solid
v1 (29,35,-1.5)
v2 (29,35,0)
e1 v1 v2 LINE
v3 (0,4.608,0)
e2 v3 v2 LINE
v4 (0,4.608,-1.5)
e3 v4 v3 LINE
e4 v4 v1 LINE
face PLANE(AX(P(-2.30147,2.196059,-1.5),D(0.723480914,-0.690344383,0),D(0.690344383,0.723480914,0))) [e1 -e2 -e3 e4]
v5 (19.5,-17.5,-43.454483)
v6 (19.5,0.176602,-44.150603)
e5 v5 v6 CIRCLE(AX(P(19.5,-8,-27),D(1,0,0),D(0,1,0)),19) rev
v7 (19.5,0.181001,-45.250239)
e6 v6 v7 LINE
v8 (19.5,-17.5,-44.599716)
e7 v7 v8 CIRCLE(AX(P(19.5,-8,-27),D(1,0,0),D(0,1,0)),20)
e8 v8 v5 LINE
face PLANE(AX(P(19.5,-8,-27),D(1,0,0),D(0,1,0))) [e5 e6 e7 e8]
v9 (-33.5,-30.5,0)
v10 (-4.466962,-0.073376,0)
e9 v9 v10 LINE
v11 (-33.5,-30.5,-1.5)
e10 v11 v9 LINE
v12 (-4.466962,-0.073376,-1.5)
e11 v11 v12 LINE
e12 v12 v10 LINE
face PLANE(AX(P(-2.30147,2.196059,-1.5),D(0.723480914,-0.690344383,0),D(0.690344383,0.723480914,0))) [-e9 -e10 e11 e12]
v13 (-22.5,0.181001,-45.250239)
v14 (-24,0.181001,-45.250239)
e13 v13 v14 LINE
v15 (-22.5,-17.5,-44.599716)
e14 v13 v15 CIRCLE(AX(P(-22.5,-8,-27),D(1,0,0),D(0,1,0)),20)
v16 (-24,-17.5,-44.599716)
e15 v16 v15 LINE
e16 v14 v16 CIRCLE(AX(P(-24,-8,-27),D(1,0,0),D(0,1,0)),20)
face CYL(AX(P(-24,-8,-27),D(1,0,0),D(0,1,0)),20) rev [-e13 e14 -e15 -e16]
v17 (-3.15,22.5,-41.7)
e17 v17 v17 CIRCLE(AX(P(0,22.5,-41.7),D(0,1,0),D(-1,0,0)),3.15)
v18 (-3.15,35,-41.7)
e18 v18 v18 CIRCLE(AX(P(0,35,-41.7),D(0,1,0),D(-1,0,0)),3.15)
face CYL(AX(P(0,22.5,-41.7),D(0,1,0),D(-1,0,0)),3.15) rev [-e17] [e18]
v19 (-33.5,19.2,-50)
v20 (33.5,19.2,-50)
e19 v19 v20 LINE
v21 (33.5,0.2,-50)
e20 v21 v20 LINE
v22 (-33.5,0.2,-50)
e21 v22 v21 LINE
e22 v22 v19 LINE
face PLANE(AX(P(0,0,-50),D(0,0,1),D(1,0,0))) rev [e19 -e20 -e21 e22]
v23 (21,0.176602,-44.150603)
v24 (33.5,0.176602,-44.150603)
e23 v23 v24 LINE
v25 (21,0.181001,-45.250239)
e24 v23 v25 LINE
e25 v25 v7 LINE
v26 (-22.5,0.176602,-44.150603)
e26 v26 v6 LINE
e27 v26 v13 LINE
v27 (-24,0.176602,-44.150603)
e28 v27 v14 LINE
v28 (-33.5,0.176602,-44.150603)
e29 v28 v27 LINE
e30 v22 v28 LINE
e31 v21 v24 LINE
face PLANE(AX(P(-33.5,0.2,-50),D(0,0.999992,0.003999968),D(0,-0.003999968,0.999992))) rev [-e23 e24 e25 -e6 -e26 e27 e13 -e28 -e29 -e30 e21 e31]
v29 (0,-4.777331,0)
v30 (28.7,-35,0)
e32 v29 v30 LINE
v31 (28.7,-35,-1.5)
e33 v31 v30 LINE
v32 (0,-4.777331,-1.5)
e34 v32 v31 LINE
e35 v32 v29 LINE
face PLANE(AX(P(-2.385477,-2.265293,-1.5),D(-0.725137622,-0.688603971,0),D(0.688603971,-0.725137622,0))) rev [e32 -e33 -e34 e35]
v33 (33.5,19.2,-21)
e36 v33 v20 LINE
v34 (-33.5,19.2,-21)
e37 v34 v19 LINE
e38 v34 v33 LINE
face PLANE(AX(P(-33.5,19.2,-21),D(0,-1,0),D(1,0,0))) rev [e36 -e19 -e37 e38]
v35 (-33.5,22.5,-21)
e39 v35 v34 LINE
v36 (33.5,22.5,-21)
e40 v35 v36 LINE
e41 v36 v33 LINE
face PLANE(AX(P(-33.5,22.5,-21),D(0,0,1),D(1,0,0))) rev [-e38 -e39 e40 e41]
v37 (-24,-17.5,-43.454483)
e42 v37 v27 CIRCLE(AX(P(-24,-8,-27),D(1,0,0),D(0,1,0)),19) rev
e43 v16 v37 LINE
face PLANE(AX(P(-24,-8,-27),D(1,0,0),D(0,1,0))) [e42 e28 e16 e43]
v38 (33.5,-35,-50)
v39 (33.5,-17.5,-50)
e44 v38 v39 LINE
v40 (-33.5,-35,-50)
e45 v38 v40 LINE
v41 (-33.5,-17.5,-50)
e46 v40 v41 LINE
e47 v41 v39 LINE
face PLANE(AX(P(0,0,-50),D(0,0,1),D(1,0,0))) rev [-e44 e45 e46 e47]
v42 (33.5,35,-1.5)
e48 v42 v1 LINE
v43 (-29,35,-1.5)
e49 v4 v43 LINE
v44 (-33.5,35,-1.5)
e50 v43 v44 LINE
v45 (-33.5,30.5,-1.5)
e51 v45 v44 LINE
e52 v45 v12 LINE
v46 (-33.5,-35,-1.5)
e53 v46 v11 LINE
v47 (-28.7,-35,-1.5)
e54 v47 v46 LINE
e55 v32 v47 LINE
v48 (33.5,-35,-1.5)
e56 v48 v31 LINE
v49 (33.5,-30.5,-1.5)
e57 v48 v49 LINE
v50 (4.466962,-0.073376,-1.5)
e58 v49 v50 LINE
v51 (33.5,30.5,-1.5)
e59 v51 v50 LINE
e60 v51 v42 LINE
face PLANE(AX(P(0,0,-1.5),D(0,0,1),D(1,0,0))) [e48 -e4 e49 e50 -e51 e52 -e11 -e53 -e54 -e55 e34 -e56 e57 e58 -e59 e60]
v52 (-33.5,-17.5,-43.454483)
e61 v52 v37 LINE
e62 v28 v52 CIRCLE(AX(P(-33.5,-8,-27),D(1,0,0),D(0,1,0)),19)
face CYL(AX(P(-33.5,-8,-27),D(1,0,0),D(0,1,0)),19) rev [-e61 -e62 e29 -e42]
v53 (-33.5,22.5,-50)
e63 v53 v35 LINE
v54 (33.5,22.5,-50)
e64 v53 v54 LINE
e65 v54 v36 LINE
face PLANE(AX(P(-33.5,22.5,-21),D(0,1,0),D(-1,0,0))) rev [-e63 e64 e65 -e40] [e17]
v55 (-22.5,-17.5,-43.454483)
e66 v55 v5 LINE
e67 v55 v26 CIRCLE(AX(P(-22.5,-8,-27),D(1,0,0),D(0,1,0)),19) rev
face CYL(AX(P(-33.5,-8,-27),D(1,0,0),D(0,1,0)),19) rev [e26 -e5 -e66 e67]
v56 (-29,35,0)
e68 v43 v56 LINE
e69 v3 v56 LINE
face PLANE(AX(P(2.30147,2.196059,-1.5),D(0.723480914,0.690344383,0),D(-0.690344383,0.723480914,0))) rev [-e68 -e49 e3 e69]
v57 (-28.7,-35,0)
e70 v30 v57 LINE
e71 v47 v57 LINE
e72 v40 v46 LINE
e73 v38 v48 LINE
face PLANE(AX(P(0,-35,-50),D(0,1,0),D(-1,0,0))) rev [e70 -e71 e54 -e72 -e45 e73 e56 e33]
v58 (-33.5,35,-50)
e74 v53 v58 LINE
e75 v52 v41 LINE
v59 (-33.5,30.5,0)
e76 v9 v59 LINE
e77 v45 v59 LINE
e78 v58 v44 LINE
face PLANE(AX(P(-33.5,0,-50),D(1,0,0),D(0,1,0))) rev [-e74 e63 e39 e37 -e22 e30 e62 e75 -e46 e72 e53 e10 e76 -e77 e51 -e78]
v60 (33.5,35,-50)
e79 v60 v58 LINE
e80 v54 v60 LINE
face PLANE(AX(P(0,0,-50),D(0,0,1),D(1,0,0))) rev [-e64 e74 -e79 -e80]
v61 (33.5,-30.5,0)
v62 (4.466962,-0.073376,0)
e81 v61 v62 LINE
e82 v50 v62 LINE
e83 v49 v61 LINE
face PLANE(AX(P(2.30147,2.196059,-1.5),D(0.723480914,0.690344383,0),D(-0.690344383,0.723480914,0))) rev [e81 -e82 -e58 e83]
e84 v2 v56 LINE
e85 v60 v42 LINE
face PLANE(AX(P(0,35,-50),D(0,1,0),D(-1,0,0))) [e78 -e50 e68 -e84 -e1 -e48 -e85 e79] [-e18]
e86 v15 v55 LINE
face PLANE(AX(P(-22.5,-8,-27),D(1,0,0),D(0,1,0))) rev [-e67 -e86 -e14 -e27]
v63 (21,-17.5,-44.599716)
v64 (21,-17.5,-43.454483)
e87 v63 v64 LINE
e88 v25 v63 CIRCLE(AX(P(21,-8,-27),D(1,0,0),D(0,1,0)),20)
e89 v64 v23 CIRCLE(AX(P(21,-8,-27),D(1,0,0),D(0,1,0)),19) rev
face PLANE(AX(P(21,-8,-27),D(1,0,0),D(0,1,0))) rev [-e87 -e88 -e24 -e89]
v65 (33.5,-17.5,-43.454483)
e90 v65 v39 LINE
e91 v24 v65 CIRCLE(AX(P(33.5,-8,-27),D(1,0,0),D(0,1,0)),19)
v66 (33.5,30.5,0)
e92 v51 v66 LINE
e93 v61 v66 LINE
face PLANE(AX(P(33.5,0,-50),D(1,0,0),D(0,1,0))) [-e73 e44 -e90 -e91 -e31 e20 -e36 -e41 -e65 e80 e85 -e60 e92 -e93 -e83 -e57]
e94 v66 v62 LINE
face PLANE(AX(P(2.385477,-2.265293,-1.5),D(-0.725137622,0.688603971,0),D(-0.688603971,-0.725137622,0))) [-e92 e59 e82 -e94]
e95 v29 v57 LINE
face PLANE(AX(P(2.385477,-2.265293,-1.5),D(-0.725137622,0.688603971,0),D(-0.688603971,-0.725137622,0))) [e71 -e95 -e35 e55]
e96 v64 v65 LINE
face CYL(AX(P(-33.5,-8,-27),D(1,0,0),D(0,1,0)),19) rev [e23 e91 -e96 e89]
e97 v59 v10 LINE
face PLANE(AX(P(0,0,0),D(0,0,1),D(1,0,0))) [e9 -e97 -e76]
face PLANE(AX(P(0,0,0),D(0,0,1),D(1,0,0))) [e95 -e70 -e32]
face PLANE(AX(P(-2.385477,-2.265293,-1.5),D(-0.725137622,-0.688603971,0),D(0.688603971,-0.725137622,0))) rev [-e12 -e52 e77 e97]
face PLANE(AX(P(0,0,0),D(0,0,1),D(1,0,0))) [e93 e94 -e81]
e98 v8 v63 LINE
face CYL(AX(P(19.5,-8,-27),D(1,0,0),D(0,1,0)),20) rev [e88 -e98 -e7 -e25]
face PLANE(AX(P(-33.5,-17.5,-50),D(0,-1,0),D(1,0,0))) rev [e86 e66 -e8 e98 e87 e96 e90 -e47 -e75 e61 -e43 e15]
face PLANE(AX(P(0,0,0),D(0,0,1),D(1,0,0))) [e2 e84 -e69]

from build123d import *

# Parameters (mm, degrees)
SKETCH1_W           = 67
SKETCH1_H           = 70
BOSS_EXTRUDE1_DEPTH = 50
SKETCH5_R           = 3.15
CUT_EXTRUDE2_DEPTH  = 12.5
CUT_EXTRUDE3_DEPTH  = 1.5
SKETCH6_W           = 29
SKETCH6_H           = 3.3
CUT_EXTRUDE4_DEPTH  = 67
SKETCH7_R           = 20
CUT_EXTRUDE5_DEPTH  = 1.5
SKETCH8_R           = 20
CUT_EXTRUDE6_DEPTH  = 1.5


with BuildPart() as part:
    # Sketch1 → Boss-Extrude1 (new body)
    with BuildSketch(Plane.XY):
        Rectangle(SKETCH1_W, SKETCH1_H)
    extrude(amount=-BOSS_EXTRUDE1_DEPTH)

    # Sketch5 → Cut-Extrude2 (cut)
    with BuildSketch(Plane(origin=(0, 35, 0), x_dir=(1, 0, 0), z_dir=(0, 1, 0))):
        with Locations((0, 41.7)):
            Circle(SKETCH5_R)
    extrude(amount=-CUT_EXTRUDE2_DEPTH, mode=Mode.SUBTRACT)

    # Sketch1<4> → Cut-Extrude3 (cut)
    with BuildSketch(Plane.XY):
        Polygon((-4.46696193, -0.073376103), (-33.5, -30.5), (-33.5, -35), (-28.7, -35), (0, -4.77733119), (28.7, -35), (33.5, -35), (33.5, -30.5), (4.46696193, -0.073376103), (33.5, 30.5), (33.5, 35), (29, 35), (0, 4.608), (-29, 35), (-33.5, 35), (-33.5, 30.5), align=None)
    extrude(amount=-CUT_EXTRUDE3_DEPTH, mode=Mode.SUBTRACT)

    # Sketch6 → Cut-Extrude4 (cut)
    with BuildSketch(Plane(origin=(33.5, 0, 0), x_dir=(0, 0, -1), z_dir=(1, 0, 0))):
        with Locations((35.5, 20.85)):
            Rectangle(SKETCH6_W, SKETCH6_H)
        with BuildLine():
            Line((50, 0.2), (44.150602701, 0.176602411))
            ThreePointArc((44.150602701, 0.176602411), (8.01471599, -7.252342947), (43.454482672, -17.5))
            Line((43.454482672, -17.5), (50, -17.5))
            Line((50, -17.5), (50, 0.2))
        make_face()
    extrude(amount=-CUT_EXTRUDE4_DEPTH, mode=Mode.SUBTRACT)

    # Sketch7 → Cut-Extrude5 (cut)
    with BuildSketch(Plane(origin=(21, 0, 0), x_dir=(0, 0, -1), z_dir=(1, 0, 0))):
        with Locations((27, -8)):
            Circle(SKETCH7_R)
    extrude(amount=-CUT_EXTRUDE5_DEPTH, mode=Mode.SUBTRACT)

    # Sketch8 → Cut-Extrude6 (cut)
    with BuildSketch(Plane(origin=(-22.5, 0, 0), x_dir=(0, 0, -1), z_dir=(1, 0, 0))):
        with Locations((27, -8)):
            Circle(SKETCH8_R)
    extrude(amount=-CUT_EXTRUDE6_DEPTH, mode=Mode.SUBTRACT)


solid = part.part
